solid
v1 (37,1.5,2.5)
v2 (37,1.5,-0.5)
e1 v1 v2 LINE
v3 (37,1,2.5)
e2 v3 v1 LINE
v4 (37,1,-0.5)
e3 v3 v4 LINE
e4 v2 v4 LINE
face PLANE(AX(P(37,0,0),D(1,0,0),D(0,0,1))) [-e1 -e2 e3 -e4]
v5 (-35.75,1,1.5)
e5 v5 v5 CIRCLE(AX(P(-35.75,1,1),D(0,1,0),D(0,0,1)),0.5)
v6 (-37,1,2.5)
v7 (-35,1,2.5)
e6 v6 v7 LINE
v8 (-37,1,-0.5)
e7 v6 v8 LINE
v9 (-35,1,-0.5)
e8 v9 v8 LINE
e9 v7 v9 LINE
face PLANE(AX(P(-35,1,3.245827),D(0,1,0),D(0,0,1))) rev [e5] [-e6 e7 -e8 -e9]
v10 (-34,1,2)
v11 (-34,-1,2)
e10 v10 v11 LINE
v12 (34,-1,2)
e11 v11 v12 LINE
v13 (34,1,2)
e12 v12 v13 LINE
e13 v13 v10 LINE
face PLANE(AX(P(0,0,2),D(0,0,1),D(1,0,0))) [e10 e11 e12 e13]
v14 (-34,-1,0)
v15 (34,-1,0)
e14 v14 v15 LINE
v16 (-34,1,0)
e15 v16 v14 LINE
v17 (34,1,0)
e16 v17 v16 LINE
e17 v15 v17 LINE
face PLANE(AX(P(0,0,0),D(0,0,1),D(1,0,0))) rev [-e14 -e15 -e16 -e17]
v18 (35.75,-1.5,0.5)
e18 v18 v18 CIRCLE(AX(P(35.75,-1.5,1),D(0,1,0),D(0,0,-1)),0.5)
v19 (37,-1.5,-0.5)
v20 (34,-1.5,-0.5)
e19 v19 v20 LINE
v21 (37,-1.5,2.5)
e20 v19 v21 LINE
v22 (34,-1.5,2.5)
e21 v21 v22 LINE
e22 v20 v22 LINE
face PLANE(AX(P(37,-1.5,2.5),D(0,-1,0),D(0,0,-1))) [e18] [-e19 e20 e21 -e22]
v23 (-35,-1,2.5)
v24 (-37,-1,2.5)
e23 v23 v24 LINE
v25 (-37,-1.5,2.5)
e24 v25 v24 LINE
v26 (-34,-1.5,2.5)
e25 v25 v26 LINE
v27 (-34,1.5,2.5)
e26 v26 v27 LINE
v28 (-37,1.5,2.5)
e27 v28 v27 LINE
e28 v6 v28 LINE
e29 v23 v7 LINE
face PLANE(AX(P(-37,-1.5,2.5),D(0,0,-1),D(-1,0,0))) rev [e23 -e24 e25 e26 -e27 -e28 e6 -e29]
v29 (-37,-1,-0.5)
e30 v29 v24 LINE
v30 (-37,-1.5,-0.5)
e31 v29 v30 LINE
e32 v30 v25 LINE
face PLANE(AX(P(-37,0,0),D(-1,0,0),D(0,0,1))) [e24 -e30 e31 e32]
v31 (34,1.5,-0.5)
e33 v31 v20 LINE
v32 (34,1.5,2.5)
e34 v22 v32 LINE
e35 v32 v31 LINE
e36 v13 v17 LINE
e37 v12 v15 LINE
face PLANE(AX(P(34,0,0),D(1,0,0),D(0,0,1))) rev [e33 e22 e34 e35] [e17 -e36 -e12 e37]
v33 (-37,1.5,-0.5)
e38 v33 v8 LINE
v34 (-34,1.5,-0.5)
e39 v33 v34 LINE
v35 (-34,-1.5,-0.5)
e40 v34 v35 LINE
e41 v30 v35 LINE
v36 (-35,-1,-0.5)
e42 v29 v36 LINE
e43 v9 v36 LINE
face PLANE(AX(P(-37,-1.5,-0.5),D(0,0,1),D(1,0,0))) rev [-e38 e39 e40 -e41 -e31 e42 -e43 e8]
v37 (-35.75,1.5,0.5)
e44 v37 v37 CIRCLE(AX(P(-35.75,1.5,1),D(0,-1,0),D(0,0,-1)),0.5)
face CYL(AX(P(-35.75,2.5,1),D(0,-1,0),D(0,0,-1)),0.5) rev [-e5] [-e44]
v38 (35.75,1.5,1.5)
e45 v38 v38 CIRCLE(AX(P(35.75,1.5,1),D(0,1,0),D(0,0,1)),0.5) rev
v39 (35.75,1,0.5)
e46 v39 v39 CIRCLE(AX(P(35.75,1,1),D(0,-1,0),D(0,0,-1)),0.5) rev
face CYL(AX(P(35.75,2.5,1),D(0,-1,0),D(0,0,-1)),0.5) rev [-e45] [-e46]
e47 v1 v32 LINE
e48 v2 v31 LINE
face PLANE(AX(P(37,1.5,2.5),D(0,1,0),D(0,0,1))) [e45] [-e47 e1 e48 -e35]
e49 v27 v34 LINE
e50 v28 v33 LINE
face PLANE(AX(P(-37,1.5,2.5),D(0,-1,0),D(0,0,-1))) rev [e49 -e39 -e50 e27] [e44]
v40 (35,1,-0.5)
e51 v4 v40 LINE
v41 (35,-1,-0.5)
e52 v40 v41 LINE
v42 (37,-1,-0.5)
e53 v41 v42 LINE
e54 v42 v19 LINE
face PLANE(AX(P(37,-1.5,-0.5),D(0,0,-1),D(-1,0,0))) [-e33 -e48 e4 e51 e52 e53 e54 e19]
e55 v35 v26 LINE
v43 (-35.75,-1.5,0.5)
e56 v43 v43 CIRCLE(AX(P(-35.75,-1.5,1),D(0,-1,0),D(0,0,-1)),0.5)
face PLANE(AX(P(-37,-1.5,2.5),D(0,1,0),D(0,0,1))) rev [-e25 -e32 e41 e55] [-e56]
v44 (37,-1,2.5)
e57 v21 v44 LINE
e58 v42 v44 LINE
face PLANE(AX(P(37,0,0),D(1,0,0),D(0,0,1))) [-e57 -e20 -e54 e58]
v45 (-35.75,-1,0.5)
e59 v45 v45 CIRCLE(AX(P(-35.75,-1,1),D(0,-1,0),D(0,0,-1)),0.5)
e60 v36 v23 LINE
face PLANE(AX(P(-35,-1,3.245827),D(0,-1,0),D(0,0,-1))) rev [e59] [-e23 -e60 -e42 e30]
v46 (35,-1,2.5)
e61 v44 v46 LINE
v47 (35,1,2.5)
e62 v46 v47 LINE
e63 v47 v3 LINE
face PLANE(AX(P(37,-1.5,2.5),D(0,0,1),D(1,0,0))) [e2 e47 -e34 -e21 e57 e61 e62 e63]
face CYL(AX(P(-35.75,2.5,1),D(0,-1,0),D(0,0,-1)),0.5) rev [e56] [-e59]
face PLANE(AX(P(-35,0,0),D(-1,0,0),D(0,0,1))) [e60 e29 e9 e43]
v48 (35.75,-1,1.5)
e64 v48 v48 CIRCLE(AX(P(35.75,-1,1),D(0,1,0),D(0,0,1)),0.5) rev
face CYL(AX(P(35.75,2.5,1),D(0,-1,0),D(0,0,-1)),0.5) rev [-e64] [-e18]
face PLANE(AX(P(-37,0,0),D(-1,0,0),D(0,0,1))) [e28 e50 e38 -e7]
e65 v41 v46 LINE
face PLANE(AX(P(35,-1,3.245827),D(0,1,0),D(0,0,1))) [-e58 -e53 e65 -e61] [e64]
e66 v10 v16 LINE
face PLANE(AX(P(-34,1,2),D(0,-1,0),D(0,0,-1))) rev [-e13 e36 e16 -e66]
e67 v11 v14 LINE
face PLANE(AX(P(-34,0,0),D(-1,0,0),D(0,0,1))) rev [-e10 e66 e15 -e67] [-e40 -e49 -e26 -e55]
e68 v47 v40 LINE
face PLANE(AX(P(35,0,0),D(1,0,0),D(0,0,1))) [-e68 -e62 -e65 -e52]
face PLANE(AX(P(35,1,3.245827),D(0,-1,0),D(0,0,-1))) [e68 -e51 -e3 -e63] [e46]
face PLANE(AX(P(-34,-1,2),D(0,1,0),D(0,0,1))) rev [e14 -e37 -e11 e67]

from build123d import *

# Parameters (mm, degrees)
IZIM1_W                     = 68
IZIM1_H                     = 2
Y_KSEKLIK_EKSTR_ZYON1_DEPTH = 2
IZIM2_W                     = 3
IZIM2_H                     = 3
Y_KSEKLIK_EKSTR_ZYON2_DEPTH = 3
IZIM3_W                     = 4.320543075
IZIM3_H                     = 2
KES_EKSTR_ZYON2_DEPTH       = 2
IZIM4_R                     = 0.5
KES_EKSTR_ZYON3_DEPTH       = 4


with BuildPart() as part:
    # Çizim1 → Yükseklik-Ekstrüzyon1 (new body)
    with BuildSketch(Plane.XY):
        Rectangle(IZIM1_W, IZIM1_H)
    extrude(amount=Y_KSEKLIK_EKSTR_ZYON1_DEPTH)

    # Çizim2 → Yükseklik-Ekstrüzyon2 (add)
    with BuildSketch(Plane.ZY.offset(34)):
        with Locations((1, 0)):
            Rectangle(IZIM2_W, IZIM2_H)
    y_kseklik_ekstr_zyon2 = extrude(amount=Y_KSEKLIK_EKSTR_ZYON2_DEPTH)

    # Çizim3 → Kes-Ekstrüzyon2 (cut)
    with BuildSketch(Plane.ZY.offset(37)):
        with Locations((1.085555309, 0)):
            Rectangle(IZIM3_W, IZIM3_H)
    kes_ekstr_zyon2 = extrude(amount=-KES_EKSTR_ZYON2_DEPTH, mode=Mode.SUBTRACT)

    # Çizim4 → Kes-Ekstrüzyon3 (cut)
    with BuildSketch(Plane.XZ.offset(1.5)):
        with Locations((-35.75, 1)):
            Circle(IZIM4_R)
    kes_ekstr_zyon3 = extrude(amount=-KES_EKSTR_ZYON3_DEPTH, mode=Mode.SUBTRACT)

    # Aynalama2: Yükseklik-Ekstrüzyon2, Kes-Ekstrüzyon2, Kes-Ekstrüzyon3 across plane
    add(y_kseklik_ekstr_zyon2.mirror(Plane(origin=(0, 0, 0), x_dir=(0, 0, 1), z_dir=(1, 0, 0))))
    add(kes_ekstr_zyon2.mirror(Plane(origin=(0, 0, 0), x_dir=(0, 0, 1), z_dir=(1, 0, 0))), mode=Mode.SUBTRACT)
    add(kes_ekstr_zyon3.mirror(Plane(origin=(0, 0, 0), x_dir=(0, 0, 1), z_dir=(1, 0, 0))), mode=Mode.SUBTRACT)


solid = part.part
